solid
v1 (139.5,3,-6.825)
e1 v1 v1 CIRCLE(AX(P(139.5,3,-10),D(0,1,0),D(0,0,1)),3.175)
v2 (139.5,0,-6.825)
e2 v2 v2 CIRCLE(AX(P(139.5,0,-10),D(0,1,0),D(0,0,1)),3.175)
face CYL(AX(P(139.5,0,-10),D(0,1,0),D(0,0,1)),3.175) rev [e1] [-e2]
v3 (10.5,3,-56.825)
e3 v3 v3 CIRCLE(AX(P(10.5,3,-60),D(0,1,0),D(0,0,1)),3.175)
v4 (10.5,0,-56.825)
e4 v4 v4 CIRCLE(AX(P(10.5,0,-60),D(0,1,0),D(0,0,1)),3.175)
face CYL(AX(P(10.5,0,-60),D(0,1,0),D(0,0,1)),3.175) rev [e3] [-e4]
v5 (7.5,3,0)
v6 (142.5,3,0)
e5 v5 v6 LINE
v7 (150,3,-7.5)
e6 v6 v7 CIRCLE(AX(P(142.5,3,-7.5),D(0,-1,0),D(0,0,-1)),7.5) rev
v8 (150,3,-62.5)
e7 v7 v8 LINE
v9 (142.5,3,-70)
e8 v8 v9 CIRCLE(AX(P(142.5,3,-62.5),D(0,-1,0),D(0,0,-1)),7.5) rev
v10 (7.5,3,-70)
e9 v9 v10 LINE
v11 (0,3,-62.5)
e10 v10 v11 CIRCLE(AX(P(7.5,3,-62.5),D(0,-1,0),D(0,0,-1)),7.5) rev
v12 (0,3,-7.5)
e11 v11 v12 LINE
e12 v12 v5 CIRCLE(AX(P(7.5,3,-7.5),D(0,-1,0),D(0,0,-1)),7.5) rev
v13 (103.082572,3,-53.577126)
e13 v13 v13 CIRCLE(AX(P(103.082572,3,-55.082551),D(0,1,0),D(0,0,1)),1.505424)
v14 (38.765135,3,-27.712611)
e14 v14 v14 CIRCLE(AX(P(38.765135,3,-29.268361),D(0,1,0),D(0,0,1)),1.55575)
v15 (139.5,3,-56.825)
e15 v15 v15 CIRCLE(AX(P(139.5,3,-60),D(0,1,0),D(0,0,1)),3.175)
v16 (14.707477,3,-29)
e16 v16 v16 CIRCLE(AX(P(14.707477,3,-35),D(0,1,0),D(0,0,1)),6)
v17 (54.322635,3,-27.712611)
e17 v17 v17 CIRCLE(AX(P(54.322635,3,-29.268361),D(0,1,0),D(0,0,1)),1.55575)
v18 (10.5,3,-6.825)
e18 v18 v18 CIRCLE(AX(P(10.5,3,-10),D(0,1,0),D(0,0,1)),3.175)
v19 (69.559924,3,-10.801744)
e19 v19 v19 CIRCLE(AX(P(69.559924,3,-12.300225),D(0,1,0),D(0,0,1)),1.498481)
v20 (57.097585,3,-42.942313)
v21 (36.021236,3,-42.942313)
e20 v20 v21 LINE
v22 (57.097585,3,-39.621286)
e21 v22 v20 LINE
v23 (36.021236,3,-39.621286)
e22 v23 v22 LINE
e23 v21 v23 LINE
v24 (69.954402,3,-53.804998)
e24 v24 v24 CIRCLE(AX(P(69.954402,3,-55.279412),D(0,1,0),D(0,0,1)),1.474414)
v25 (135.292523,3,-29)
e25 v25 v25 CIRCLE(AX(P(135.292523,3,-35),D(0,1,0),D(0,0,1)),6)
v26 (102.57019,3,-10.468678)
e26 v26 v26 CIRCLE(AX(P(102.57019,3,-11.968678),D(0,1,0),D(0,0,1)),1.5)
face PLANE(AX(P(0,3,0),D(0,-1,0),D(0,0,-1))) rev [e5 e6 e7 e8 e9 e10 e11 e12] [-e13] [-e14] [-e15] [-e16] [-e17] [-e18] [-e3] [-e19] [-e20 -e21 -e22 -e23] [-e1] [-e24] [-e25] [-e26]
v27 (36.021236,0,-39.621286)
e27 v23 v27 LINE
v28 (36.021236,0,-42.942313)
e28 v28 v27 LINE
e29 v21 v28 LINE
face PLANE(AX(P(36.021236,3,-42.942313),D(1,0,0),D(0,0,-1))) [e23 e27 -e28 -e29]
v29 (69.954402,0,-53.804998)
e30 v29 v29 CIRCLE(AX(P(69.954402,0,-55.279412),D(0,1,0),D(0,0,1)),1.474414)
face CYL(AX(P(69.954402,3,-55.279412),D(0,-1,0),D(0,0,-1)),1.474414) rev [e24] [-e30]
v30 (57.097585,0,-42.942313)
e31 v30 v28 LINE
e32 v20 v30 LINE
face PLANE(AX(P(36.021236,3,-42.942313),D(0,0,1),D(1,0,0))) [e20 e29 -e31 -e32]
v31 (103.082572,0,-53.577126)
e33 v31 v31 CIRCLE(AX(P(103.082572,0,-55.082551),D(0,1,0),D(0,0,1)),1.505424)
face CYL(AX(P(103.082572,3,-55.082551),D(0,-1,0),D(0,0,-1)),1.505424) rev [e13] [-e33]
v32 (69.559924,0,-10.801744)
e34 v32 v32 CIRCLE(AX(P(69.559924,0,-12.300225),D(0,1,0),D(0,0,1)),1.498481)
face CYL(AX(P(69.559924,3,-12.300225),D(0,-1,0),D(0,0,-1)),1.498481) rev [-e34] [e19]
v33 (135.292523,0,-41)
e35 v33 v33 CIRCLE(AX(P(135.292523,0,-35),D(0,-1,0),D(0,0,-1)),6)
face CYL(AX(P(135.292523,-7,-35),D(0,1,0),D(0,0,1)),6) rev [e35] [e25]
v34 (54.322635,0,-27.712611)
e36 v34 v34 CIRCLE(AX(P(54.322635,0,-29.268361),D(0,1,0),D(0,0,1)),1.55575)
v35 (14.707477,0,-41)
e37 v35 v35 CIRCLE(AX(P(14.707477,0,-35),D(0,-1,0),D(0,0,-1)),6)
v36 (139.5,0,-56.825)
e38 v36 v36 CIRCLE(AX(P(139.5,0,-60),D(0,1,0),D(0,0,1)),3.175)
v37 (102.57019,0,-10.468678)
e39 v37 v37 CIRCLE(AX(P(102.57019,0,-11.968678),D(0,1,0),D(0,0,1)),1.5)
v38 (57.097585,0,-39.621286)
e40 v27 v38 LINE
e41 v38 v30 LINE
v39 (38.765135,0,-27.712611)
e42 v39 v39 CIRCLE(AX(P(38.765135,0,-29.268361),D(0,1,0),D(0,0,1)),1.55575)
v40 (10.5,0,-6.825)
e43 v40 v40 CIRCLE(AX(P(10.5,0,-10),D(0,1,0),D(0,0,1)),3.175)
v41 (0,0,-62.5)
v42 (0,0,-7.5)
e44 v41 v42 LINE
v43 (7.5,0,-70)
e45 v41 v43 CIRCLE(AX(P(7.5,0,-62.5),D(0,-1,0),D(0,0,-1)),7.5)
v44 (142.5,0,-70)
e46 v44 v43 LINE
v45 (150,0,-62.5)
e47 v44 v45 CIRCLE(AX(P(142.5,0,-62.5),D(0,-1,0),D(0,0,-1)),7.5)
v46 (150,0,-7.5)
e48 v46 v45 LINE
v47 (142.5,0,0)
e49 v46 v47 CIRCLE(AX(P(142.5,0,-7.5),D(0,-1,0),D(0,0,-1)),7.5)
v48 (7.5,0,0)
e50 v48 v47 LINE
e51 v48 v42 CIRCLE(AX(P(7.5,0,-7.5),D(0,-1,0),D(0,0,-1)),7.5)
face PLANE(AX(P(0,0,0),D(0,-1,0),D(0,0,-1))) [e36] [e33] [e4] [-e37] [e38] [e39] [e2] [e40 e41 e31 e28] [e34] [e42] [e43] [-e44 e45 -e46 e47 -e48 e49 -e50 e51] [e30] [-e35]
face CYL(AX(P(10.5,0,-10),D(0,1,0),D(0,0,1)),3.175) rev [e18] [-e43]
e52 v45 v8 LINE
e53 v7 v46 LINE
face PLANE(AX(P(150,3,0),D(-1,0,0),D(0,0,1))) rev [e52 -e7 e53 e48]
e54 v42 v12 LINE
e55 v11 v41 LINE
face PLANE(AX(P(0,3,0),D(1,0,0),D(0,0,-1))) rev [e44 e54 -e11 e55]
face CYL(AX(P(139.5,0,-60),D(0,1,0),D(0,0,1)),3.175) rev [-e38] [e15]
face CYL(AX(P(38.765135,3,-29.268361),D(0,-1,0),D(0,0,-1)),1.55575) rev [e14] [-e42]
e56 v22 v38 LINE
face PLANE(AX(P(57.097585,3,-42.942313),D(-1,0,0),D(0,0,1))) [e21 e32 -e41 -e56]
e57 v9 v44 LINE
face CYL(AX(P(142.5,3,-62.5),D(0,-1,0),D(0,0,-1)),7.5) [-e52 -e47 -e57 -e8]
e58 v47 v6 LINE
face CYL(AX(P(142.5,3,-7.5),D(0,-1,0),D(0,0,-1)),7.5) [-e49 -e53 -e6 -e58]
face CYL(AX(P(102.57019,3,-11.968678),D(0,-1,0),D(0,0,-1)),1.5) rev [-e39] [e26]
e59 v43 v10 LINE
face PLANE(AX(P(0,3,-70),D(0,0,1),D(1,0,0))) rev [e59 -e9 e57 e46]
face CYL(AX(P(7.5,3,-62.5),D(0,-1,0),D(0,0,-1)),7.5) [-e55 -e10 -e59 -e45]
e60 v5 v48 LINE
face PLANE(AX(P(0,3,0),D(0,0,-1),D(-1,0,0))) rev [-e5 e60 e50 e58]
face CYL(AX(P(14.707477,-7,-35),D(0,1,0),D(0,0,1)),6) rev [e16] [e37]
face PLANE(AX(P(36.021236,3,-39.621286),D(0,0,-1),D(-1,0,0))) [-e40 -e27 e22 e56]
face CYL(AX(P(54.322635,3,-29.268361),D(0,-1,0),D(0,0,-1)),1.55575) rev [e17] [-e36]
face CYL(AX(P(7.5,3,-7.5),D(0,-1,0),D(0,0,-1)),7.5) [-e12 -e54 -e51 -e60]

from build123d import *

# Parameters (mm, degrees)
ESBO_O2_W                = 150
ESBO_O2_H                = 70
ESBO_O2_R                = 1.505424276
ESBO_O2_R_2              = 1.49848088
ESBO_O2_R_3              = 1.474413832
ESBO_O2_R_4              = 1.5
ESBO_O2_R_5              = 1.55575
ESBO_O2_W_2              = 21.076348962
ESBO_O2_H_2              = 3.321026243
RESSALTO_EXTRUS_O1_DEPTH = 3
ESBO_O4_R                = 3.175
CORTE_EXTRUS_O1_DEPTH    = 3
FILETE1_R                = 7.5
ESBO_O8_R                = 6
CORTE_EXTRUS_O3_DEPTH    = 10


with BuildPart() as part:
    # Esboço2 → Ressalto-extrusão1 (new body)
    with BuildSketch(Plane(origin=(0, 0, 0), x_dir=(1, 0, 0), z_dir=(0, 1, 0))):
        with Locations((75, 35)):
            Rectangle(ESBO_O2_W, ESBO_O2_H)
        with Locations(Location((103.082572265, 55.082550604, 0), (0, 0, 270))):
            Circle(ESBO_O2_R, mode=Mode.SUBTRACT)
        with Locations(Location((69.55992433, 12.300225249, 0), (0, 0, 270))):
            Circle(ESBO_O2_R_2, mode=Mode.SUBTRACT)
        with Locations(Location((69.954401909, 55.279412058, 0), (0, 0, 270))):
            Circle(ESBO_O2_R_3, mode=Mode.SUBTRACT)
        with Locations(Location((102.570189974, 11.968678193, 0), (0, 0, 270))):
            Circle(ESBO_O2_R_4, mode=Mode.SUBTRACT)
        with Locations(Location((38.765135158, 29.268361159, 0), (0, 0, 270))):
            Circle(ESBO_O2_R_5, mode=Mode.SUBTRACT)
        with Locations(Location((54.322635158, 29.268361159, 0), (0, 0, 270))):
            Circle(ESBO_O2_R_5, mode=Mode.SUBTRACT)
        with Locations((46.559410677, 41.281799613)):
            Rectangle(ESBO_O2_W_2, ESBO_O2_H_2, mode=Mode.SUBTRACT)
    extrude(amount=RESSALTO_EXTRUS_O1_DEPTH)

    # Esboço4 → Corte-extrusão1 (cut)
    with BuildSketch(Plane(origin=(0, 3, 0), x_dir=(1, 0, 0), z_dir=(0, 1, 0))):
        with Locations(Location((10.5, 60, 0), (0, 0, 270))):
            Circle(ESBO_O4_R)
        with Locations(Location((139.5, 60, 0), (0, 0, 270))):
            Circle(ESBO_O4_R)
        with Locations(Location((139.5, 10, 0), (0, 0, 270))):
            Circle(ESBO_O4_R)
        with Locations(Location((10.5, 10, 0), (0, 0, 270))):
            Circle(ESBO_O4_R)
    extrude(amount=-CORTE_EXTRUS_O1_DEPTH, mode=Mode.SUBTRACT)

    # Filete1
    filete1_edges = [part.edges().sort_by_distance(p)[0] for p in [
        (0, 1.5, -70),
        (150, 1.5, -70),
        (150, 1.5, 0),
        (0, 1.5, 0),
    ]]
    fillet(filete1_edges, radius=FILETE1_R)

    # Esboço8 → Corte-extrusão3 (cut)
    with BuildSketch(Plane(origin=(0, 3, 0), x_dir=(1, 0, 0), z_dir=(0, 1, 0))):
        with Locations(Location((14.707477015, 35, 0), (0, 0, 270))):
            Circle(ESBO_O8_R)
        with Locations(Location((135.29252298, 35, 0), (0, 0, 270))):
            Circle(ESBO_O8_R)
    extrude(amount=-CORTE_EXTRUS_O3_DEPTH, mode=Mode.SUBTRACT)


solid = part.part
